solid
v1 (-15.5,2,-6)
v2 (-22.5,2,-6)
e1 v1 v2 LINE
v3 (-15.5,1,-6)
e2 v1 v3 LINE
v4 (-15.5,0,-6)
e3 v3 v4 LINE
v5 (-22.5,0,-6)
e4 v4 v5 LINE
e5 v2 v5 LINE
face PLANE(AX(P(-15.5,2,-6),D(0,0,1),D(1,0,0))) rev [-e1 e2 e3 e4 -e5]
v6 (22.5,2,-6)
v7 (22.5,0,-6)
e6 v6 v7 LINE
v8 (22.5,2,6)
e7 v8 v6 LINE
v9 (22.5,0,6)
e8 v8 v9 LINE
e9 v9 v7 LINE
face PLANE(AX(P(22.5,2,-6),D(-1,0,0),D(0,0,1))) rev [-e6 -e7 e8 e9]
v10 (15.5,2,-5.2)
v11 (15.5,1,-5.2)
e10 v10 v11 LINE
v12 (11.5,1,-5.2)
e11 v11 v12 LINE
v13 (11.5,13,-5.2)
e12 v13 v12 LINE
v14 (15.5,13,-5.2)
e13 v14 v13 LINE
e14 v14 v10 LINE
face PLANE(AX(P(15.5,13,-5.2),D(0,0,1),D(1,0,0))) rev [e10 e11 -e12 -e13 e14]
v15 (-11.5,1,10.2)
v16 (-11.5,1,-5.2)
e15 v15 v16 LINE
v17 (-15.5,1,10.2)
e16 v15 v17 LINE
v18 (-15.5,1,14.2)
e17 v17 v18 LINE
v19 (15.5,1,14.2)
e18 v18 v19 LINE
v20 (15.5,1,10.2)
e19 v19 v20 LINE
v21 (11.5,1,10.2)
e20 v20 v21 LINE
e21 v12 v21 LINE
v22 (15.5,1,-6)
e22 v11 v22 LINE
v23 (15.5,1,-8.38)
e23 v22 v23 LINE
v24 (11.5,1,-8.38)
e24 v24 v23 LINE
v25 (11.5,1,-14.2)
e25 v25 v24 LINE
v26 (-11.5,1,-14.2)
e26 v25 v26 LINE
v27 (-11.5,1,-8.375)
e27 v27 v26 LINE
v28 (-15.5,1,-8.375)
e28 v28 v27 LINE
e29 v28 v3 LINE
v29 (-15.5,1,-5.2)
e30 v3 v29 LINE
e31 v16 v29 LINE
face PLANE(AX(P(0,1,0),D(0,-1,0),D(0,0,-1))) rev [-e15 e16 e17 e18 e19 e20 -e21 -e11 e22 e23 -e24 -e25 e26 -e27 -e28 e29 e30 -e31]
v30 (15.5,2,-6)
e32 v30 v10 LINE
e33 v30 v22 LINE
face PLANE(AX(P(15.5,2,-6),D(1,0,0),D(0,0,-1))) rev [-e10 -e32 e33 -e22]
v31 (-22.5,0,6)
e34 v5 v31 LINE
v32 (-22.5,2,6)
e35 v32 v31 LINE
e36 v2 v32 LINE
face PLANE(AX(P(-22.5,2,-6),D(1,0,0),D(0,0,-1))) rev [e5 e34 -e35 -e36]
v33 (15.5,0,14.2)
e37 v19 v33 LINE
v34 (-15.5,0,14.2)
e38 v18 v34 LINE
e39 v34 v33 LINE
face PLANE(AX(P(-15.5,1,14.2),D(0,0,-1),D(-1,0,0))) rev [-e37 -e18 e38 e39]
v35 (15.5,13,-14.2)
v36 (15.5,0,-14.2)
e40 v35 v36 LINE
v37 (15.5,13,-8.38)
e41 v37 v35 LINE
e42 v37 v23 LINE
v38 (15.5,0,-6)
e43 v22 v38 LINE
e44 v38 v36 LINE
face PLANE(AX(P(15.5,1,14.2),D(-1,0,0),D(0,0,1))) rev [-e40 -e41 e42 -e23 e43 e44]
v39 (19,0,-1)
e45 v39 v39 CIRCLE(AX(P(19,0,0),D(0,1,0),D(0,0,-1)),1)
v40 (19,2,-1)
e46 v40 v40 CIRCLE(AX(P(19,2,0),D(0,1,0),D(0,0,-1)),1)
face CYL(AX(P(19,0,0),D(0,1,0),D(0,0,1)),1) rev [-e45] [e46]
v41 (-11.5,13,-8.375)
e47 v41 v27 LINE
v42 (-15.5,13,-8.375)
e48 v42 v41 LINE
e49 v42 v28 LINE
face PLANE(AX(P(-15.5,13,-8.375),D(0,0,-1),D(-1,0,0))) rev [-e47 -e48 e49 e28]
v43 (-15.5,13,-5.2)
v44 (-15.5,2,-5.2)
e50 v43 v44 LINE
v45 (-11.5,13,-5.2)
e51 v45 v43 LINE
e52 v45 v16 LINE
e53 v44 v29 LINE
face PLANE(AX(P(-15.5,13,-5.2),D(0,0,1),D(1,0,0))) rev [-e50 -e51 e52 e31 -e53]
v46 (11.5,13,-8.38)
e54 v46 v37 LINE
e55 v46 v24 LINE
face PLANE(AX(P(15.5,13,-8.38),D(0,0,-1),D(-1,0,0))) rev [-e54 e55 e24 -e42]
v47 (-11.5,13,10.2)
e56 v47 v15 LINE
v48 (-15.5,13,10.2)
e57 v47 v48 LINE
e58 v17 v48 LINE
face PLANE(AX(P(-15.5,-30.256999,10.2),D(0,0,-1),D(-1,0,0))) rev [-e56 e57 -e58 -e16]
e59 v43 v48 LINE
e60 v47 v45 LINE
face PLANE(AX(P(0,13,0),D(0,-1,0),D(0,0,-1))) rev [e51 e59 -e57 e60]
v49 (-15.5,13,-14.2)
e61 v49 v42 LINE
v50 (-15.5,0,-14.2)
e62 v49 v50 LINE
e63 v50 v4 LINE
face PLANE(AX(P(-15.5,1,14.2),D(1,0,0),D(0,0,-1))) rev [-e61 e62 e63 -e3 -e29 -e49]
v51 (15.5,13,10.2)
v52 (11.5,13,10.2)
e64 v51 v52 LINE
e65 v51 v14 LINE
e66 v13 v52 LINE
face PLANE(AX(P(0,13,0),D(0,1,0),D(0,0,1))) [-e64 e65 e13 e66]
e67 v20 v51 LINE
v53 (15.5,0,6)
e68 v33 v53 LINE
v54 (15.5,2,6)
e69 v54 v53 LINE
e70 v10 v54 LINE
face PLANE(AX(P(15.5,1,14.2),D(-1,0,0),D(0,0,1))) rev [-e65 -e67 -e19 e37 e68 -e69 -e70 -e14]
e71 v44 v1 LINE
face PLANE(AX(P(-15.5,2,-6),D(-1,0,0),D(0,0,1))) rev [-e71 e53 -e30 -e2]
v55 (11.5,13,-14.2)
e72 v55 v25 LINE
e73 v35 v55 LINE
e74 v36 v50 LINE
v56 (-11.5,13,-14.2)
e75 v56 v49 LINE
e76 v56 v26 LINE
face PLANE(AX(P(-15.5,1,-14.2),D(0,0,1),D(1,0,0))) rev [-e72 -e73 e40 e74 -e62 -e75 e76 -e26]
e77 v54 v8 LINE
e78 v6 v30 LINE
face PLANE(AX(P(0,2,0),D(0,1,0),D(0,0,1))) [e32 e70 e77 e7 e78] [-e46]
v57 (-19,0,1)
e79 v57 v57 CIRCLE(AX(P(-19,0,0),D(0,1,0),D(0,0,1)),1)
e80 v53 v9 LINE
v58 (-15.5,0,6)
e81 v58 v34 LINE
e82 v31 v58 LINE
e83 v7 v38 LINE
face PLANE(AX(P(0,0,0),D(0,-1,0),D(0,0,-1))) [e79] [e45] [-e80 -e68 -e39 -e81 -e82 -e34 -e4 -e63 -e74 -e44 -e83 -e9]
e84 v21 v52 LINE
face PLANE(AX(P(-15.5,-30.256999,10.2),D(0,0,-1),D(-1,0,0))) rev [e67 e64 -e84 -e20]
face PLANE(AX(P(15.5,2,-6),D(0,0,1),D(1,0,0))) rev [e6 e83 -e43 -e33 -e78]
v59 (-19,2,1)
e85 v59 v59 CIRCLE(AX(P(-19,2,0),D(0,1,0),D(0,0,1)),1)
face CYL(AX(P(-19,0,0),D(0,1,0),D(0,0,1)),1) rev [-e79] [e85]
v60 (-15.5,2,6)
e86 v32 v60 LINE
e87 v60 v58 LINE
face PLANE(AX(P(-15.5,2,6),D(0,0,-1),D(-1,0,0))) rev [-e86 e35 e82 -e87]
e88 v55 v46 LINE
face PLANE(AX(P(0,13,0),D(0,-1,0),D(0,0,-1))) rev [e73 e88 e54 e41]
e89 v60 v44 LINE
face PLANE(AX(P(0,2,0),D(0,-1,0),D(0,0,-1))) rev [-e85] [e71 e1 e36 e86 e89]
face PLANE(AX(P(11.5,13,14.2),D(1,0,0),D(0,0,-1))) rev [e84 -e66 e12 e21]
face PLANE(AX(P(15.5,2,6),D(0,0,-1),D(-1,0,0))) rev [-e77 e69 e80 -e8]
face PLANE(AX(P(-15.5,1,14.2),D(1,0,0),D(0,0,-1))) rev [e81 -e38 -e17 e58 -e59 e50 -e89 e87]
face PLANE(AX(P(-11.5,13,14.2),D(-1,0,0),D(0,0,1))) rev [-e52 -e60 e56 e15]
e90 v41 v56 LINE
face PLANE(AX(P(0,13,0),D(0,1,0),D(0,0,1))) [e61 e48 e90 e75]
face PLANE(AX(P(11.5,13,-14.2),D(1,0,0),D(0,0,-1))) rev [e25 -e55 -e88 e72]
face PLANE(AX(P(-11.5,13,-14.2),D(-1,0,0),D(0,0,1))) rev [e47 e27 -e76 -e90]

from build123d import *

# Parameters (mm, degrees)
SKETCH1_W           = 31
SKETCH1_H           = 28.4
BOSS_EXTRUDE1_DEPTH = 1
SKETCH3_W           = 4
SKETCH3_H           = 19.4
SKETCH3_H_2         = 5.825
SKETCH3_H_3         = 5.82
BOSS_EXTRUDE2_DEPTH = 12
SKETCH4_W           = 31
SKETCH4_H           = 4
CUT_EXTRUDE1_DEPTH  = 12
SKETCH7_W           = 7
SKETCH7_H           = 12
BOSS_EXTRUDE3_DEPTH = 2
SKETCH8_R           = 1
CUT_EXTRUDE4_DEPTH  = 29.790449805


with BuildPart() as part:
    # Sketch1 → Boss-Extrude1 (new body)
    with BuildSketch(Plane(origin=(0, 0, 0), x_dir=(1, 0, 0), z_dir=(0, 1, 0))):
        Rectangle(SKETCH1_W, SKETCH1_H)
    extrude(amount=BOSS_EXTRUDE1_DEPTH)

    # Sketch3 → Boss-Extrude2 (add)
    with BuildSketch(Plane(origin=(0, 1, 0), x_dir=(1, 0, 0), z_dir=(0, 1, 0))):
        with Locations((-13.5, -4.5)):
            Rectangle(SKETCH3_W, SKETCH3_H)
        with Locations((13.5, -4.5)):
            Rectangle(SKETCH3_W, SKETCH3_H)
        with Locations((-13.5, 11.2875)):
            Rectangle(SKETCH3_W, SKETCH3_H_2)
        with Locations((13.5, 11.29)):
            Rectangle(SKETCH3_W, SKETCH3_H_3)
    extrude(amount=BOSS_EXTRUDE2_DEPTH)

    # Sketch4 → Cut-Extrude1 (cut)
    with BuildSketch(Plane(origin=(0, 13, 0), x_dir=(1, 0, 0), z_dir=(0, 1, 0))):
        with Locations((0, -12.2)):
            Rectangle(SKETCH4_W, SKETCH4_H)
    extrude(amount=-CUT_EXTRUDE1_DEPTH, mode=Mode.SUBTRACT)

    # Sketch7 → Boss-Extrude3 (add)
    with BuildSketch(Plane(origin=(0, 0, 0), x_dir=(1, 0, 0), z_dir=(0, 1, 0))):
        with Locations((19, 0)):
            Rectangle(SKETCH7_W, SKETCH7_H)
        with Locations((-19, 0)):
            Rectangle(SKETCH7_W, SKETCH7_H)
    extrude(amount=BOSS_EXTRUDE3_DEPTH)

    # Sketch8 → Cut-Extrude4 (cut, through all)
    with BuildSketch(Plane(origin=(0, 2, 0), x_dir=(1, 0, 0), z_dir=(0, 1, 0))):
        with Locations(Location((-19, 0, 0), (0, 0, 270))):
            Circle(SKETCH8_R)
        with Locations(Location((19, 0, 0), (0, 0, 90))):
            Circle(SKETCH8_R)
    extrude(amount=-CUT_EXTRUDE4_DEPTH, mode=Mode.SUBTRACT)


solid = part.part
